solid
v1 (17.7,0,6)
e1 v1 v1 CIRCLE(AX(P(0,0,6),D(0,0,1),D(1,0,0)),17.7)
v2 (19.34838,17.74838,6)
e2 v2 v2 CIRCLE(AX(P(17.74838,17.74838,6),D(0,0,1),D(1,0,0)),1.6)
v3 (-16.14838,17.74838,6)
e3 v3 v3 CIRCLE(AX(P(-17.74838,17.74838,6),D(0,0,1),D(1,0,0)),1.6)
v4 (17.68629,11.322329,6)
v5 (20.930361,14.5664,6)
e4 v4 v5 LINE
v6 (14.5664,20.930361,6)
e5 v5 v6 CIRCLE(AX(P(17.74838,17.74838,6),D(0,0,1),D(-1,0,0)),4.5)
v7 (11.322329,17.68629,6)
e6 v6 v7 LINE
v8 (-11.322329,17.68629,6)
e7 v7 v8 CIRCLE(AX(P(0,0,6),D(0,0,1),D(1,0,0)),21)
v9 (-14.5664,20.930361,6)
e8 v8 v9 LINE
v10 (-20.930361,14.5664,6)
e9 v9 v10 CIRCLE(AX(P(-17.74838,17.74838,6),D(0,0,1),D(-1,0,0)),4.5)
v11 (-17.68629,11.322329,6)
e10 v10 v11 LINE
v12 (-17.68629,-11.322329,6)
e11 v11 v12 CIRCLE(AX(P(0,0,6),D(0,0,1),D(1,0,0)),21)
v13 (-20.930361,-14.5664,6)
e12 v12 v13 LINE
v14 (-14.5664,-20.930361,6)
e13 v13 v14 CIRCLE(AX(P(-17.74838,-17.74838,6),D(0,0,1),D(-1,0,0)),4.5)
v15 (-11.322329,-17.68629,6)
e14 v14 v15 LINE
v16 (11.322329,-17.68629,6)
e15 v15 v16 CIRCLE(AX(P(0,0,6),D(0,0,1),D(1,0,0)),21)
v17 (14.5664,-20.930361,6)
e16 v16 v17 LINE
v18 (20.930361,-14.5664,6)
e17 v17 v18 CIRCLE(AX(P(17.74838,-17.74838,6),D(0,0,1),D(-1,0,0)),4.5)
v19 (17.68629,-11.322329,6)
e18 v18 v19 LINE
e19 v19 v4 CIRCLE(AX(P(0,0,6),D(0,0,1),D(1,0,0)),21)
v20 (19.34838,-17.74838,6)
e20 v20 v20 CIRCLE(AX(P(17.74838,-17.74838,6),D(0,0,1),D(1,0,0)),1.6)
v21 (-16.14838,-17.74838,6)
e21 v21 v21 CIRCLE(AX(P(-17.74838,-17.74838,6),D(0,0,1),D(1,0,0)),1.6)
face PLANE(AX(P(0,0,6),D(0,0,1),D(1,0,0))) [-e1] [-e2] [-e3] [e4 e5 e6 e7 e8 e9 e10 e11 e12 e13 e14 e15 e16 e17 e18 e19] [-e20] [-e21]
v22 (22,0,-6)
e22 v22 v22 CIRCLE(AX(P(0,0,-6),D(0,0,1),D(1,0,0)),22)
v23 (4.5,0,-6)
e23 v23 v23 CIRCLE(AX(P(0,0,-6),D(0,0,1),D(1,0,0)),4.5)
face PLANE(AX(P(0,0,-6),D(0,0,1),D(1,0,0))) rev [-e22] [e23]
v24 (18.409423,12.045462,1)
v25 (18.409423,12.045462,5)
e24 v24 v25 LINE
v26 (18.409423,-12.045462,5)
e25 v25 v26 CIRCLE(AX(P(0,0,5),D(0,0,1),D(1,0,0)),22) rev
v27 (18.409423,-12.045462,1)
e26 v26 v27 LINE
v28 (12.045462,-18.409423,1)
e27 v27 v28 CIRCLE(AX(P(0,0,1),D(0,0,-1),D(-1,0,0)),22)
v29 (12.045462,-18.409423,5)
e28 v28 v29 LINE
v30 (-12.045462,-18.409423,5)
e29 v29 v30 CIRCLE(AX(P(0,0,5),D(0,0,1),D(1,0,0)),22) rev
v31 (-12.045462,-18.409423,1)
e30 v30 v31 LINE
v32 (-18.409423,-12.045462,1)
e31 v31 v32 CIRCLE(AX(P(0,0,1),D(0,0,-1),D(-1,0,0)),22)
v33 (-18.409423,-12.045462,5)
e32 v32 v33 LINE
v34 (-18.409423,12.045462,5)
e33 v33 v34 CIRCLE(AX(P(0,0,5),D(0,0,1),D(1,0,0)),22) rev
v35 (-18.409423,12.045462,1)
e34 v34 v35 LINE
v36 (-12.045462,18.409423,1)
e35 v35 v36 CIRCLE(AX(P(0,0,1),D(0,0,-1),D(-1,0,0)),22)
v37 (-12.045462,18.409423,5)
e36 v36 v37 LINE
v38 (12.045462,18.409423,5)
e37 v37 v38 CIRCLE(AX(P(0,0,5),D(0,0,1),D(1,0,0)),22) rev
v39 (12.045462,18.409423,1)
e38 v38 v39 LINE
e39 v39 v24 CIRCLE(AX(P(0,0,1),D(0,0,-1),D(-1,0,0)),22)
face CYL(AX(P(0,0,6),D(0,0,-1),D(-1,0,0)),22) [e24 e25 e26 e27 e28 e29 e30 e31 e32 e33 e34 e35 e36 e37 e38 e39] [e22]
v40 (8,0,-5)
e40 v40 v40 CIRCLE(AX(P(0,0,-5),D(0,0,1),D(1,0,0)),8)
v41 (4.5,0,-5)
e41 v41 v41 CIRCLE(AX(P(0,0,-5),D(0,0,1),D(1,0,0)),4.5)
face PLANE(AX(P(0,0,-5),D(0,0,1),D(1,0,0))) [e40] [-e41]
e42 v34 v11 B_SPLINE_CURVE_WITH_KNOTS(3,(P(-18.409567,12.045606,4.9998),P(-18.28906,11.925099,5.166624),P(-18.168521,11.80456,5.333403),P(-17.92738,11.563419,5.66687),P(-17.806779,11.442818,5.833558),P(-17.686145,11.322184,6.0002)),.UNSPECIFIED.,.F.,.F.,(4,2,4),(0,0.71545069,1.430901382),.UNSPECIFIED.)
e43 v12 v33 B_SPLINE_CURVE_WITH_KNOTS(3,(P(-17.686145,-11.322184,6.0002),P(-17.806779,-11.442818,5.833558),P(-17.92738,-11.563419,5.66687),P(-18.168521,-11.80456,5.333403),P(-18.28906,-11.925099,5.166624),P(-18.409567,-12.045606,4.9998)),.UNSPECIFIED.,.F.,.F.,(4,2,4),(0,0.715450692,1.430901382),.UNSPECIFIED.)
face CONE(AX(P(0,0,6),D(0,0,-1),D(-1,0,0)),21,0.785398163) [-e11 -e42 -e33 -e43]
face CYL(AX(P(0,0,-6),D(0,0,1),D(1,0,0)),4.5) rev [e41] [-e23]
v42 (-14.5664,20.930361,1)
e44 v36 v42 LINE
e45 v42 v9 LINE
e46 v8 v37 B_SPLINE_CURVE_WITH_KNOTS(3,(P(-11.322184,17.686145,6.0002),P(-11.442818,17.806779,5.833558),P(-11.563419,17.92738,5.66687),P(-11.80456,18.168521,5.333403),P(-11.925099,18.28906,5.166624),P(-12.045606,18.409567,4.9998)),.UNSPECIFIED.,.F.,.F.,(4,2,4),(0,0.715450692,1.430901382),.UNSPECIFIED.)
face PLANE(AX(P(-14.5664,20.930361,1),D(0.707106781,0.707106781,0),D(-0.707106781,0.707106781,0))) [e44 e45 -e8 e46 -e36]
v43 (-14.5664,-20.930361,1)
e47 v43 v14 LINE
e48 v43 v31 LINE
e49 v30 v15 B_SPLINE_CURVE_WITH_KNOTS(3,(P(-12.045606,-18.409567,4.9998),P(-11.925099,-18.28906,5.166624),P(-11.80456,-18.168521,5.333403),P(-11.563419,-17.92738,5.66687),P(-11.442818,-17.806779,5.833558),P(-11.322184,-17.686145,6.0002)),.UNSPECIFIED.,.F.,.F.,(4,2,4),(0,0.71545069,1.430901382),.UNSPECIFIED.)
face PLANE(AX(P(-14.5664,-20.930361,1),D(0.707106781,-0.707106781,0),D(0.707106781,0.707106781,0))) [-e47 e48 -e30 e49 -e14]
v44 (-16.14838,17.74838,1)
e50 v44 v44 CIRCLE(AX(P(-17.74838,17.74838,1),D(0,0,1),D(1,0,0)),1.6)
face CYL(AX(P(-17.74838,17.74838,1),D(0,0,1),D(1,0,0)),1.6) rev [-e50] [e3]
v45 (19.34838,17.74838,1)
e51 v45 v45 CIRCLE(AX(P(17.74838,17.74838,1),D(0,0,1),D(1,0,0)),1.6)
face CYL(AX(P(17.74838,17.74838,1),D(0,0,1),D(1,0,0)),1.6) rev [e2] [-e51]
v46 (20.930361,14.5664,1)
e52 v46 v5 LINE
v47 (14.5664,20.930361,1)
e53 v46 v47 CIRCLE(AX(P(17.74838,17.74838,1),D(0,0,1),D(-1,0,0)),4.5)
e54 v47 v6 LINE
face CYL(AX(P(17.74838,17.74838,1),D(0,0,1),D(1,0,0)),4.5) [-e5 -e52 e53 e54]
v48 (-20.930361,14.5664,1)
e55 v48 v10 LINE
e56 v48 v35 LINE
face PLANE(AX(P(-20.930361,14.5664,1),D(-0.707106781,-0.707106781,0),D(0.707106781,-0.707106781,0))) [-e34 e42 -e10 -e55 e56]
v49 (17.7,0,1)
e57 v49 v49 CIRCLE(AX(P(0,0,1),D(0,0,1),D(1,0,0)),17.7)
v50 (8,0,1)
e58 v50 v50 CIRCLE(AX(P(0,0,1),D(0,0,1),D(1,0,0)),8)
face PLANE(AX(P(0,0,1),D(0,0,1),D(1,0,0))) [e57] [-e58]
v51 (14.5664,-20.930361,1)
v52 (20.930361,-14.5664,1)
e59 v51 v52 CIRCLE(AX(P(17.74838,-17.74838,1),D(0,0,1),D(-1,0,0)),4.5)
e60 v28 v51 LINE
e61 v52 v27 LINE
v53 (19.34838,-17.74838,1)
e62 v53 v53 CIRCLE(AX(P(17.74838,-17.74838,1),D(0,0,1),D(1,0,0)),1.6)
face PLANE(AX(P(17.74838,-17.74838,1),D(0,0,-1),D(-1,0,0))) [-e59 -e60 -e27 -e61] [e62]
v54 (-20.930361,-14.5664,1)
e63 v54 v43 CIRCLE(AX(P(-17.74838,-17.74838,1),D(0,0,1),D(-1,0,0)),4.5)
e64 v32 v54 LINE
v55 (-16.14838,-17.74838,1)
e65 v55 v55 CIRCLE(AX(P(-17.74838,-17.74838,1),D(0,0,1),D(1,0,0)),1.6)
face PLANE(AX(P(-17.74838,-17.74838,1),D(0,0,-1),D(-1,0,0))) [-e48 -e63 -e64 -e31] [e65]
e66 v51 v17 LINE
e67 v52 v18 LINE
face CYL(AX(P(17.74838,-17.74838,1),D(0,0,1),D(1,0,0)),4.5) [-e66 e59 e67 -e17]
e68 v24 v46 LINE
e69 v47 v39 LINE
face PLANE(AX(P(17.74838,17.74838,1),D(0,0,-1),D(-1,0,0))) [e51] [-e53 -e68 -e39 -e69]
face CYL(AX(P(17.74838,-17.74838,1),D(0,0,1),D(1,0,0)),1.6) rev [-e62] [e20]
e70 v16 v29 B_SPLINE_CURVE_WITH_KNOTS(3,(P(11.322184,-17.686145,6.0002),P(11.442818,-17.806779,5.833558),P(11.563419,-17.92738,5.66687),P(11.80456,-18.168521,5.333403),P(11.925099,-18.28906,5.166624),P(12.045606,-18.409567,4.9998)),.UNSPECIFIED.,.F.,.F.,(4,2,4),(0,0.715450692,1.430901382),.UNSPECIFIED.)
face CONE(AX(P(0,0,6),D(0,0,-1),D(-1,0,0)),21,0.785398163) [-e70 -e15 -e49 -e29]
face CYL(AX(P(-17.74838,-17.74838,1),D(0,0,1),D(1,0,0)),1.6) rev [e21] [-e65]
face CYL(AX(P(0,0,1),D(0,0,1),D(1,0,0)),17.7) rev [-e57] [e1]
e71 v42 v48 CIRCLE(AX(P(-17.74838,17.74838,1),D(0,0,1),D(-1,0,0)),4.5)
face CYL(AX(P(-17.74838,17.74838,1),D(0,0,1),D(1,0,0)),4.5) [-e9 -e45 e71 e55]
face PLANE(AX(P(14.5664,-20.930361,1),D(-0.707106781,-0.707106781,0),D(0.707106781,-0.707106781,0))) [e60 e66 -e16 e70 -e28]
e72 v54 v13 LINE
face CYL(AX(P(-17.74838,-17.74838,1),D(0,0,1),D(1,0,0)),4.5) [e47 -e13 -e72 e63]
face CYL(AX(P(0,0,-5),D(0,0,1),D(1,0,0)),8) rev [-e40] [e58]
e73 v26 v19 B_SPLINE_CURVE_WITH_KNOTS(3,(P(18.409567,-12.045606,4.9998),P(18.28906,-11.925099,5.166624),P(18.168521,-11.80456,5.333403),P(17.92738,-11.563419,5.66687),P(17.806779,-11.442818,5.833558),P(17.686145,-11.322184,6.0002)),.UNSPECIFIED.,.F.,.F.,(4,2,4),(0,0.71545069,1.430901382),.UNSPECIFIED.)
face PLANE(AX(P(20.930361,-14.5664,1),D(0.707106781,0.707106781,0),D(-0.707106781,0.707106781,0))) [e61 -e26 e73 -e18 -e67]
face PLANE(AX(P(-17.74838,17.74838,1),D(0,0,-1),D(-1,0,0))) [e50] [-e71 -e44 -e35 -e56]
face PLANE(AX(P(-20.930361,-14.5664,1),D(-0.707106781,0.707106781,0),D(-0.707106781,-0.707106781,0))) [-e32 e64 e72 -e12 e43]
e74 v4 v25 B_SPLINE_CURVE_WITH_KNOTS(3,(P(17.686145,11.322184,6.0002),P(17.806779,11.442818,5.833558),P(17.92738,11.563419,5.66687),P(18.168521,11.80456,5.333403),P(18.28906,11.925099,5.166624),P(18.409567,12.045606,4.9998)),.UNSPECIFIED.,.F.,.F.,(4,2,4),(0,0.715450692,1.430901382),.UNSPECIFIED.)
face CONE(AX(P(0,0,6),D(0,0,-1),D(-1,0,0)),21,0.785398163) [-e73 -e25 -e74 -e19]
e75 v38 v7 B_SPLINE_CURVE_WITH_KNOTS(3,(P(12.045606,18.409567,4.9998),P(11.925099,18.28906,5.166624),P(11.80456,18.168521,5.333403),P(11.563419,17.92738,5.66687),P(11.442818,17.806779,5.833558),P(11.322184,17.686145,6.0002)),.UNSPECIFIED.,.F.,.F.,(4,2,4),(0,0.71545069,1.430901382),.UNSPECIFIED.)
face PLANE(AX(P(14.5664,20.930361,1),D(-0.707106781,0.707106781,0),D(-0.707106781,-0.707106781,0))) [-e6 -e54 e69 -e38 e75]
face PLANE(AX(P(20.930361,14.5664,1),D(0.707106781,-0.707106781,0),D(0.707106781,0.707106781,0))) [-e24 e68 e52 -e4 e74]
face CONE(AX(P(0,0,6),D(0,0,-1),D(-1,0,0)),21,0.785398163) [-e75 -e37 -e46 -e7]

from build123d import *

# Parameters (mm, degrees)
SKETCH1_R           = 22
BOSS_EXTRUDE1_DEPTH = 6
CHAMFER1_SIZE       = 1
SKETCH8_R           = 1.6
BOSS_EXTRUDE2_DEPTH = 5
SKETCH9_R           = 17.7
CUT_EXTRUDE1_DEPTH  = 5
SKETCH10_R          = 8
CUT_EXTRUDE2_DEPTH  = 6
SKETCH11_R          = 4.5
CUT_EXTRUDE3_DEPTH  = 1


with BuildPart() as part:
    # Sketch1 → Boss-Extrude1 (new, symmetric)
    with BuildSketch(Plane.XY):
        Circle(SKETCH1_R)
    extrude(amount=BOSS_EXTRUDE1_DEPTH, both=True)

    # Chamfer1
    chamfer1_edges = [part.edges().sort_by_distance(p)[0] for p in [
        (-22, 0, 6),
    ]]
    chamfer(chamfer1_edges, length=CHAMFER1_SIZE)

    # Sketch8 → Boss-Extrude2 (add)
    # profile 1 of 4: a face of its own
    with BuildSketch(Plane.XY.offset(6)):
        with BuildLine():
            Line((14.566399692, 20.930360723), (11.322329189, 17.68629022))
            Line((11.322329189, 17.68629022), (17.68629022, 11.322329189))
            Line((17.68629022, 11.322329189), (20.930360723, 14.566399692))
            ThreePointArc((20.930360723, 14.566399692), (20.930360723, 20.930360723), (14.566399692, 20.930360723))
        make_face()
        with Locations((17.748380208, 17.748380208)):
            Circle(SKETCH8_R, mode=Mode.SUBTRACT)
    # profile 2 of 4: a face of its own
    with BuildSketch(Plane.XY.offset(6)):
        with BuildLine():
            Line((20.930360723, -14.566399692), (17.68629022, -11.322329189))
            Line((17.68629022, -11.322329189), (11.322329189, -17.68629022))
            Line((11.322329189, -17.68629022), (14.566399692, -20.930360723))
            ThreePointArc((14.566399692, -20.930360723), (20.930360723, -20.930360723), (20.930360723, -14.566399692))
        make_face()
        with Locations((17.748380208, -17.748380208)):
            Circle(SKETCH8_R, mode=Mode.SUBTRACT)
    # profile 3 of 4: a face of its own
    with BuildSketch(Plane.XY.offset(6)):
        with BuildLine():
            Line((-14.566399692, -20.930360723), (-11.322329189, -17.68629022))
            Line((-11.322329189, -17.68629022), (-17.68629022, -11.322329189))
            Line((-17.68629022, -11.322329189), (-20.930360723, -14.566399692))
            ThreePointArc((-20.930360723, -14.566399692), (-20.930360723, -20.930360723), (-14.566399692, -20.930360723))
        make_face()
        with Locations((-17.748380208, -17.748380208)):
            Circle(SKETCH8_R, mode=Mode.SUBTRACT)
    # profile 4 of 4: a face of its own
    with BuildSketch(Plane.XY.offset(6)):
        with BuildLine():
            Line((-20.930360723, 14.566399692), (-17.68629022, 11.322329189))
            Line((-17.68629022, 11.322329189), (-11.322329189, 17.68629022))
            Line((-11.322329189, 17.68629022), (-14.566399692, 20.930360723))
            ThreePointArc((-14.566399692, 20.930360723), (-20.930360723, 20.930360723), (-20.930360723, 14.566399692))
        make_face()
        with Locations((-17.748380208, 17.748380208)):
            Circle(SKETCH8_R, mode=Mode.SUBTRACT)
    extrude(amount=-BOSS_EXTRUDE2_DEPTH)

    # Sketch9 → Cut-Extrude1 (cut)
    with BuildSketch(Plane.XY.offset(6)):
        Circle(SKETCH9_R)
    extrude(amount=-CUT_EXTRUDE1_DEPTH, mode=Mode.SUBTRACT)

    # Sketch10 → Cut-Extrude2 (cut)
    with BuildSketch(Plane.XY.offset(1)):
        Circle(SKETCH10_R)
    extrude(amount=-CUT_EXTRUDE2_DEPTH, mode=Mode.SUBTRACT)

    # Sketch11 → Cut-Extrude3 (cut)
    with BuildSketch(Plane.XY.offset(-5)):
        Circle(SKETCH11_R)
    extrude(amount=-CUT_EXTRUDE3_DEPTH, mode=Mode.SUBTRACT)


solid = part.part
